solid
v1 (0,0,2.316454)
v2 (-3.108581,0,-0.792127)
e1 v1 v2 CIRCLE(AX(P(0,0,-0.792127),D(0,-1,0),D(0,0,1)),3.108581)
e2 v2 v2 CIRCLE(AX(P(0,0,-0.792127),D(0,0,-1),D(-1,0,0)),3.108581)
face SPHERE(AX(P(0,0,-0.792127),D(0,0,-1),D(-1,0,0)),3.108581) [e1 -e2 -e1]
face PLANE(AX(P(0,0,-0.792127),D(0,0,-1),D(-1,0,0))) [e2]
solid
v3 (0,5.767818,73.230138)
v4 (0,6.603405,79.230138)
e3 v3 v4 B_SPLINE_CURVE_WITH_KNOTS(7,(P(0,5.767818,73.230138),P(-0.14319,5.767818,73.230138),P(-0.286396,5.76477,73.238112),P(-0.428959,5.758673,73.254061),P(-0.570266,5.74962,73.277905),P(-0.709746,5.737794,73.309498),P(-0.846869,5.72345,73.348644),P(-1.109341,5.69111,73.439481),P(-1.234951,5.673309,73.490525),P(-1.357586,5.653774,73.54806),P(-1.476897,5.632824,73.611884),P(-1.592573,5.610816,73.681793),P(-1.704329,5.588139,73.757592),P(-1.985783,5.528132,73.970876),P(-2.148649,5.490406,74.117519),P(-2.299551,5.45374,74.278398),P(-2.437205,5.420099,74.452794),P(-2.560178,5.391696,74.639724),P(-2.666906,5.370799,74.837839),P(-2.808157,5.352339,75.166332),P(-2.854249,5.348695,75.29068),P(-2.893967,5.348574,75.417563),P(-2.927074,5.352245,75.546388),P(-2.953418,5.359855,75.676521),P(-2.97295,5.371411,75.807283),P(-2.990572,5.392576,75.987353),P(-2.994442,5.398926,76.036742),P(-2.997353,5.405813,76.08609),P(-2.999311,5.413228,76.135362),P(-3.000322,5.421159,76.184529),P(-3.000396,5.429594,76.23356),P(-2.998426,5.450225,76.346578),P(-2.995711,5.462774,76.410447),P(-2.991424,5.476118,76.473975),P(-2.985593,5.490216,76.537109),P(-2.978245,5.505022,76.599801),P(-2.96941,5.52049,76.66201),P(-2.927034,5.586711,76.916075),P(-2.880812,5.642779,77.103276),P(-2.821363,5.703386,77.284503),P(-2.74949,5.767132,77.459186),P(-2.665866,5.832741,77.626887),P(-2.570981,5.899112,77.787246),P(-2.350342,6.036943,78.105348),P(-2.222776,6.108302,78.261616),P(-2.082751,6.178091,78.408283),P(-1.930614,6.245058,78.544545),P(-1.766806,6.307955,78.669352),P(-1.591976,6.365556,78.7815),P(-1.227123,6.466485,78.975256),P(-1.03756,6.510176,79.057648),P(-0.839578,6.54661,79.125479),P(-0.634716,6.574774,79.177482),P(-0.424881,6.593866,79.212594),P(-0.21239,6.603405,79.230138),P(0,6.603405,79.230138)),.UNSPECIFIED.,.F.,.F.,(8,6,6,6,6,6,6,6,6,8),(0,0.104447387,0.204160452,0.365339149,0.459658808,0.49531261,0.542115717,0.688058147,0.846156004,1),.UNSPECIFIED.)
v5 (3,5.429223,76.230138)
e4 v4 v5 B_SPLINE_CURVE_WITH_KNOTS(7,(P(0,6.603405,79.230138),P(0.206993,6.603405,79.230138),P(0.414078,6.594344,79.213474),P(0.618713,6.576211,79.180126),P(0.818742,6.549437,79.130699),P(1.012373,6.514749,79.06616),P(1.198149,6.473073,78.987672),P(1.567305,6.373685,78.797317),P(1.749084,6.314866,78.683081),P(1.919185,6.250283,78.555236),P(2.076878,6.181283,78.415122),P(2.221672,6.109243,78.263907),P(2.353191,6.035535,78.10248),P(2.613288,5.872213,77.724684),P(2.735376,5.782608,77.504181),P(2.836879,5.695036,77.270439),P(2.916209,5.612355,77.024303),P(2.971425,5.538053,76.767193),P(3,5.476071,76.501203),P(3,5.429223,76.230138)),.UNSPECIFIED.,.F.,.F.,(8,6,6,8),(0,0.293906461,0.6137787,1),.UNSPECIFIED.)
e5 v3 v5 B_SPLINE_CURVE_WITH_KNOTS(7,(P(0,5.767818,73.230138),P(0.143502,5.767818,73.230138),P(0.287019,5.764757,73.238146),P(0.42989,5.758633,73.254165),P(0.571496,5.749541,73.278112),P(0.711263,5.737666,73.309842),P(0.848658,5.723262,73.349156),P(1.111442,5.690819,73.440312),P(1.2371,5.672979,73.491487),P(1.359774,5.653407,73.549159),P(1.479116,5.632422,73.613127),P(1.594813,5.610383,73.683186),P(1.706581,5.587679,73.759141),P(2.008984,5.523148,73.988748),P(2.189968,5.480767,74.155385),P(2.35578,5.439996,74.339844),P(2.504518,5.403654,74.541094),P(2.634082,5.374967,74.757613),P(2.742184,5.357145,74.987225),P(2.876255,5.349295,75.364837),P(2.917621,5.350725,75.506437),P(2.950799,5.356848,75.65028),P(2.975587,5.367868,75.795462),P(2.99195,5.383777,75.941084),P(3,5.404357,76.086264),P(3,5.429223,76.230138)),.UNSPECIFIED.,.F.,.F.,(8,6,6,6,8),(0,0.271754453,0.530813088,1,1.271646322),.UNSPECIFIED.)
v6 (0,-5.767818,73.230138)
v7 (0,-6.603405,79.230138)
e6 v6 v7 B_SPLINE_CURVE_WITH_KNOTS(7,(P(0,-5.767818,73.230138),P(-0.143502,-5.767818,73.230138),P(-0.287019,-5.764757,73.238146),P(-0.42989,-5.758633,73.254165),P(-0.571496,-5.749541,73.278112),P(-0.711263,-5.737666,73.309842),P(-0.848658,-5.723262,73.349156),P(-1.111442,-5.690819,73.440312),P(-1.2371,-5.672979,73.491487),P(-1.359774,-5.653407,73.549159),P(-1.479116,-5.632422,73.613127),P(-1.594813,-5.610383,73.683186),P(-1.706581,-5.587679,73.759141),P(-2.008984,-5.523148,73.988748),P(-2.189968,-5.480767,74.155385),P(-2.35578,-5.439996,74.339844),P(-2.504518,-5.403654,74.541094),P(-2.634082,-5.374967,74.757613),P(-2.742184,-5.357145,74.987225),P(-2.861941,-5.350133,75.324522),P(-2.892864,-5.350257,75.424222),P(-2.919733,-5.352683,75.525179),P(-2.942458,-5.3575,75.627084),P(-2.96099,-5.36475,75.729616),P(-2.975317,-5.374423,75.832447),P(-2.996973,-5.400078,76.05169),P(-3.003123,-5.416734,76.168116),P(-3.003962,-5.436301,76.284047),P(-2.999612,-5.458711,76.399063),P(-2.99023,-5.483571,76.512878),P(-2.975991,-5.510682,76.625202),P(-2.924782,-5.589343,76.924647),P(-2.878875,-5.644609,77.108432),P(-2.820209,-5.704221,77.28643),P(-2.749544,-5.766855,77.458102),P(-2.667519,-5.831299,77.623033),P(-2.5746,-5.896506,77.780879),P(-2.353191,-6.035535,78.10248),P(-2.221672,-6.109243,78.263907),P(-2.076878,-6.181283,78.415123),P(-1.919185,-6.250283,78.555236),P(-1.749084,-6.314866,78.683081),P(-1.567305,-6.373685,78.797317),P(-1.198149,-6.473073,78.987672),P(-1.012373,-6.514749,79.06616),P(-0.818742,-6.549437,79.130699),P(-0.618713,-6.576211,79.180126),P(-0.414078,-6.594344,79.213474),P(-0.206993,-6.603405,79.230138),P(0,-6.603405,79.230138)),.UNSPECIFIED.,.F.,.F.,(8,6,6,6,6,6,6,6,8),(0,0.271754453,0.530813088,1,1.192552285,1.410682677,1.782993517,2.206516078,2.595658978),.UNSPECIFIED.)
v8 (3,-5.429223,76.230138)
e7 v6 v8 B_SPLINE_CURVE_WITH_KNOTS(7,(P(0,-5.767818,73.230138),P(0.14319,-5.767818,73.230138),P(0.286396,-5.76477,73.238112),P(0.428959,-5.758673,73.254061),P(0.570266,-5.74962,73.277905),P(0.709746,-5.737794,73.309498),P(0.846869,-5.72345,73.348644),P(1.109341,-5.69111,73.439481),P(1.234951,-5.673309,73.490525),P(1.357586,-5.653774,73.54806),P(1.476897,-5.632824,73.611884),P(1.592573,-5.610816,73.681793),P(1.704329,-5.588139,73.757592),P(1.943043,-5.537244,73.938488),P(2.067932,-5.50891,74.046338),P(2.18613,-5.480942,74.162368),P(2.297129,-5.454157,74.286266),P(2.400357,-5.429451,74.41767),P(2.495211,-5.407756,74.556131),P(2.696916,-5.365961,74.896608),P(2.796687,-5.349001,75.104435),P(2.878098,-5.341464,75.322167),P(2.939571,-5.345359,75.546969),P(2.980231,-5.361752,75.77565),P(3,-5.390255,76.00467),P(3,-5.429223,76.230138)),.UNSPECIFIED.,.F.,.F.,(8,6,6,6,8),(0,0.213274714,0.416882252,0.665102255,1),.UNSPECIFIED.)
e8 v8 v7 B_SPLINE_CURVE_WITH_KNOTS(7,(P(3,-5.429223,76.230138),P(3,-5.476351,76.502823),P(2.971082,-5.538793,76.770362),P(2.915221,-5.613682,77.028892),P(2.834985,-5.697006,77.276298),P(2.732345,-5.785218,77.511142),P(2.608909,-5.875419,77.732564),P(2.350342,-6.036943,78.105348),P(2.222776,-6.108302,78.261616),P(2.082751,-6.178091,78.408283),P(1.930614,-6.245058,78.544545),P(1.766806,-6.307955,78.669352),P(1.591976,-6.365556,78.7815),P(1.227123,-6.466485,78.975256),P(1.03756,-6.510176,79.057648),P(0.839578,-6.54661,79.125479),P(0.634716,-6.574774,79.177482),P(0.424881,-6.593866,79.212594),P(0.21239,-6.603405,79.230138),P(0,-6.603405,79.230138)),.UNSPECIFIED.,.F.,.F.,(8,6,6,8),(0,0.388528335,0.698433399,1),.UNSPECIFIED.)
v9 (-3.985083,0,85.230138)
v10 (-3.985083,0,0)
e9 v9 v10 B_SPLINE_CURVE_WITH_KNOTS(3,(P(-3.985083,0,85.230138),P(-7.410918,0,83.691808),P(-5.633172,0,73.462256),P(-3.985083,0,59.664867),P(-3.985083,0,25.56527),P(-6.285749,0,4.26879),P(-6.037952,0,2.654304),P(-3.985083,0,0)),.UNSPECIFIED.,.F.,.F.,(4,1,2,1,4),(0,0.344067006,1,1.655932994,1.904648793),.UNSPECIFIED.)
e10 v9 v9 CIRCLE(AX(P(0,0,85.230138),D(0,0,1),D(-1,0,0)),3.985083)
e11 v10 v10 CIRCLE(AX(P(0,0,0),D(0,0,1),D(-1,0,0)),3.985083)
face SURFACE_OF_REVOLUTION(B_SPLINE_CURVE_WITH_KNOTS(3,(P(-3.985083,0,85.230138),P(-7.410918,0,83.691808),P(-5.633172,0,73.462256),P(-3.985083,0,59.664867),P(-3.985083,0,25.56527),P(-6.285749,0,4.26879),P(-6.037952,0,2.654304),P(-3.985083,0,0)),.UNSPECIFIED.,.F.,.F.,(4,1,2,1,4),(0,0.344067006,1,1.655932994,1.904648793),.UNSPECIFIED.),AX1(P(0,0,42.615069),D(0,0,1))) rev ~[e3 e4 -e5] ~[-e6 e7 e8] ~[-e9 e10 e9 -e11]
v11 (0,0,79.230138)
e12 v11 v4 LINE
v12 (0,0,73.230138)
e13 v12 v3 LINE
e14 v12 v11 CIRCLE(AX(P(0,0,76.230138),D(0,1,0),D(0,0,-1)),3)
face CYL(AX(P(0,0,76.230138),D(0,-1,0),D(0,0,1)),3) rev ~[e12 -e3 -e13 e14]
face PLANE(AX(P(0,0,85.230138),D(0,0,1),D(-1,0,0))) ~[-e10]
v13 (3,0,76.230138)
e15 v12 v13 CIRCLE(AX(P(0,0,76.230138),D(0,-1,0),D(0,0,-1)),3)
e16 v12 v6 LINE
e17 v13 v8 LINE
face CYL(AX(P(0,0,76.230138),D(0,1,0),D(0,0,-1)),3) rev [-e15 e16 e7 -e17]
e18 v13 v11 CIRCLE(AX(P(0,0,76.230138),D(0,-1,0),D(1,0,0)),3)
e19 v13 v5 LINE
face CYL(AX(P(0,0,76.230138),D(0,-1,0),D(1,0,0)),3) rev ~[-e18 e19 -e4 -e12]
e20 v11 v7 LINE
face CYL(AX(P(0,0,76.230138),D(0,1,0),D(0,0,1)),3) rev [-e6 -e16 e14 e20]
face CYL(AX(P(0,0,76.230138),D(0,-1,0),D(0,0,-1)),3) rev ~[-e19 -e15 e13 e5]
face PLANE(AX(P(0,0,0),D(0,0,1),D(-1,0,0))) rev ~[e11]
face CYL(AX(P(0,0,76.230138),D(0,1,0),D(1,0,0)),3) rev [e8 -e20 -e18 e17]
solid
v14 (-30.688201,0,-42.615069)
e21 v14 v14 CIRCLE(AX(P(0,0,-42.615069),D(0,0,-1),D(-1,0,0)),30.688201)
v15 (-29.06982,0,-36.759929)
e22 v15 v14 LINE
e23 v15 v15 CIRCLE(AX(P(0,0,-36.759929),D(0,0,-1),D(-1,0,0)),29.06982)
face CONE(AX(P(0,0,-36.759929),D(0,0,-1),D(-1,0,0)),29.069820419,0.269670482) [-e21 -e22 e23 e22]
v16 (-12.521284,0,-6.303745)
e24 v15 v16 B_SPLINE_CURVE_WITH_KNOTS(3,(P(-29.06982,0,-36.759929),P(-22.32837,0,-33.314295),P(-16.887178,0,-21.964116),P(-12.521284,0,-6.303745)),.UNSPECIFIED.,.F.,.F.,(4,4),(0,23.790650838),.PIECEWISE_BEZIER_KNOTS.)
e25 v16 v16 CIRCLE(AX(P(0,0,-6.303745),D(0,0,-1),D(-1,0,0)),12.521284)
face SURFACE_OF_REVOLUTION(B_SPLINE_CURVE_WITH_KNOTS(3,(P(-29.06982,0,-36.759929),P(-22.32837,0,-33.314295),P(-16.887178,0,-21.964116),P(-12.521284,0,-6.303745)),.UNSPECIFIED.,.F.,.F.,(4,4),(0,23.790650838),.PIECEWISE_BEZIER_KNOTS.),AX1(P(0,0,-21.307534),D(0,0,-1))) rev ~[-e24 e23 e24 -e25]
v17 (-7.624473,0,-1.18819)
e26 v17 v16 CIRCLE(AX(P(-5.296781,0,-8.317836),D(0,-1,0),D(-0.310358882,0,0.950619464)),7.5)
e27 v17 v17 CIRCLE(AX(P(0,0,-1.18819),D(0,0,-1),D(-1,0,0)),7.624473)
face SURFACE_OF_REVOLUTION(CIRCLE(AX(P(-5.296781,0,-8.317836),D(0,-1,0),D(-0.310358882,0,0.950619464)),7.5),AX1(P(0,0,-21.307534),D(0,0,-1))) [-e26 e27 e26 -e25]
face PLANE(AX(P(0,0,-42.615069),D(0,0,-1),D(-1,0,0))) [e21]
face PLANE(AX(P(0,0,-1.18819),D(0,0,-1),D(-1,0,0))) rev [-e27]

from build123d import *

# Parameters (mm, degrees)
F4_DEPTH      = 20.4598007182
F4_DEPTH_BACK = 20.4598007182
F5_SCALE      = 1.5


with BuildPart() as f2:
    # F0 (on Front) → F2 (revolve)
    with BuildSketch(Plane.XZ):
        with BuildLine():
            Line((0, 52.8200916865), (0, 56.8200916865))
            Line((0, 56.8200916865), (-2.6567221031, 56.8200916865))
            add(Edge.make_bspline(
                [(-2.6567221031, 56.8200916865), (-4.9406119586, 55.7945389978), (-3.7554478853, 48.9748373725), (-2.6567221031, 39.776578042), (-2.6567221031, 28.4100458433)],
                knots=[0, 0, 0, 0, 0.3440670063, 1, 1, 1, 1], degree=3))
            add(Edge.make_bspline(
                [(-2.6567221031, 28.4100458433), (-2.6567221031, 17.0435136445), (-4.1904992058, 2.8458600862), (-4.0253015772, 1.7695360087), (-2.6567221031, 0)],
                knots=[0, 0, 0, 0, 0.7250692185, 1, 1, 1, 1], degree=3))
            Line((-2.6567221031, 0), (0, 0))
            Line((0, 0), (0, 48.8200916865))
            ThreePointArc((0, 48.8200916865), (-2, 50.8200916865), (0, 52.8200916865))
        make_face()
    revolve(axis=Axis((0, 0, 28.4100458433), (0, 0, 1)))

    # F0 (on Front) → F4 (cut, two sides)
    with BuildSketch(Plane.XZ) as f4_sk:
        with BuildLine():
            Line((0, 50.8200916865), (0, 52.8200916865))
            ThreePointArc((0, 52.8200916865), (-2, 50.8200916865), (0, 48.8200916865))
            Line((0, 48.8200916865), (0, 50.8200916865))
        make_face()
        with BuildLine():
            ThreePointArc((2, 50.8200916865), (1.4142135624, 52.2343052489), (0, 52.8200916865))
            Line((0, 52.8200916865), (0, 50.8200916865))
            Line((0, 50.8200916865), (0, 48.8200916865))
            ThreePointArc((0, 48.8200916865), (1.4142135624, 49.4058781241), (2, 50.8200916865))
        make_face()
    extrude(amount=F4_DEPTH, mode=Mode.SUBTRACT)
    extrude(f4_sk.sketch, amount=-F4_DEPTH_BACK, mode=Mode.SUBTRACT)


with BuildPart() as f3:
    # F0 (on Front) → F3 (revolve)
    with BuildSketch(Plane.XZ):
        with BuildLine():
            Line((0, -28.4100458433), (0, -0.7921268718))
            Line((0, -0.7921268718), (-5.0829817209, -0.7921268718))
            ThreePointArc((-5.0829817209, -0.7921268718), (-7.143101465, -2.087757465), (-8.347522339, -4.2024967757))
            add(Edge.make_bspline(
                [(-19.3798802793, -24.5066192001), (-14.8855797897, -22.20953008), (-11.2581184189, -14.6427437723), (-8.347522339, -4.2024967757)],
                knots=[0, 0, 0, 0, 23.7906508382, 23.7906508382, 23.7906508382, 23.7906508382], degree=3))
            Line((-19.3798802793, -24.5066192001), (-20.4588007182, -28.4100458433))
            Line((-20.4588007182, -28.4100458433), (0, -28.4100458433))
        make_face()
    revolve(axis=Axis((0, 0, -14.2050229216), (0, 0, -1)))


with BuildPart() as f3_1:
    # F5: moved
    add(f3.part.scale(F5_SCALE))


with BuildPart() as f2_1:
    # F5: moved
    add(f2.part.scale(F5_SCALE))

    # F7: cut F3
    add(f3_1.part, mode=Mode.SUBTRACT)


with BuildPart() as f6:
    # F1 (on Front) → F6 (revolve)
    with BuildSketch(Plane.XZ):
        with BuildLine():
            Line((0, -0.7921268718), (0, 2.3164544235))
            ThreePointArc((0, 2.3164544235), (-2.1980989137, 1.405972042), (-3.1085812952, -0.7921268718))
            Line((-3.1085812952, -0.7921268718), (0, -0.7921268718))
        make_face()
    revolve(axis=Axis((0, 0, -14.2050229216), (0, 0, -1)))


with BuildPart() as f2_2:
    # F8: moved
    add(f2_1.part)


solid = Compound([f3_1.part, f6.part, f2_2.part])
